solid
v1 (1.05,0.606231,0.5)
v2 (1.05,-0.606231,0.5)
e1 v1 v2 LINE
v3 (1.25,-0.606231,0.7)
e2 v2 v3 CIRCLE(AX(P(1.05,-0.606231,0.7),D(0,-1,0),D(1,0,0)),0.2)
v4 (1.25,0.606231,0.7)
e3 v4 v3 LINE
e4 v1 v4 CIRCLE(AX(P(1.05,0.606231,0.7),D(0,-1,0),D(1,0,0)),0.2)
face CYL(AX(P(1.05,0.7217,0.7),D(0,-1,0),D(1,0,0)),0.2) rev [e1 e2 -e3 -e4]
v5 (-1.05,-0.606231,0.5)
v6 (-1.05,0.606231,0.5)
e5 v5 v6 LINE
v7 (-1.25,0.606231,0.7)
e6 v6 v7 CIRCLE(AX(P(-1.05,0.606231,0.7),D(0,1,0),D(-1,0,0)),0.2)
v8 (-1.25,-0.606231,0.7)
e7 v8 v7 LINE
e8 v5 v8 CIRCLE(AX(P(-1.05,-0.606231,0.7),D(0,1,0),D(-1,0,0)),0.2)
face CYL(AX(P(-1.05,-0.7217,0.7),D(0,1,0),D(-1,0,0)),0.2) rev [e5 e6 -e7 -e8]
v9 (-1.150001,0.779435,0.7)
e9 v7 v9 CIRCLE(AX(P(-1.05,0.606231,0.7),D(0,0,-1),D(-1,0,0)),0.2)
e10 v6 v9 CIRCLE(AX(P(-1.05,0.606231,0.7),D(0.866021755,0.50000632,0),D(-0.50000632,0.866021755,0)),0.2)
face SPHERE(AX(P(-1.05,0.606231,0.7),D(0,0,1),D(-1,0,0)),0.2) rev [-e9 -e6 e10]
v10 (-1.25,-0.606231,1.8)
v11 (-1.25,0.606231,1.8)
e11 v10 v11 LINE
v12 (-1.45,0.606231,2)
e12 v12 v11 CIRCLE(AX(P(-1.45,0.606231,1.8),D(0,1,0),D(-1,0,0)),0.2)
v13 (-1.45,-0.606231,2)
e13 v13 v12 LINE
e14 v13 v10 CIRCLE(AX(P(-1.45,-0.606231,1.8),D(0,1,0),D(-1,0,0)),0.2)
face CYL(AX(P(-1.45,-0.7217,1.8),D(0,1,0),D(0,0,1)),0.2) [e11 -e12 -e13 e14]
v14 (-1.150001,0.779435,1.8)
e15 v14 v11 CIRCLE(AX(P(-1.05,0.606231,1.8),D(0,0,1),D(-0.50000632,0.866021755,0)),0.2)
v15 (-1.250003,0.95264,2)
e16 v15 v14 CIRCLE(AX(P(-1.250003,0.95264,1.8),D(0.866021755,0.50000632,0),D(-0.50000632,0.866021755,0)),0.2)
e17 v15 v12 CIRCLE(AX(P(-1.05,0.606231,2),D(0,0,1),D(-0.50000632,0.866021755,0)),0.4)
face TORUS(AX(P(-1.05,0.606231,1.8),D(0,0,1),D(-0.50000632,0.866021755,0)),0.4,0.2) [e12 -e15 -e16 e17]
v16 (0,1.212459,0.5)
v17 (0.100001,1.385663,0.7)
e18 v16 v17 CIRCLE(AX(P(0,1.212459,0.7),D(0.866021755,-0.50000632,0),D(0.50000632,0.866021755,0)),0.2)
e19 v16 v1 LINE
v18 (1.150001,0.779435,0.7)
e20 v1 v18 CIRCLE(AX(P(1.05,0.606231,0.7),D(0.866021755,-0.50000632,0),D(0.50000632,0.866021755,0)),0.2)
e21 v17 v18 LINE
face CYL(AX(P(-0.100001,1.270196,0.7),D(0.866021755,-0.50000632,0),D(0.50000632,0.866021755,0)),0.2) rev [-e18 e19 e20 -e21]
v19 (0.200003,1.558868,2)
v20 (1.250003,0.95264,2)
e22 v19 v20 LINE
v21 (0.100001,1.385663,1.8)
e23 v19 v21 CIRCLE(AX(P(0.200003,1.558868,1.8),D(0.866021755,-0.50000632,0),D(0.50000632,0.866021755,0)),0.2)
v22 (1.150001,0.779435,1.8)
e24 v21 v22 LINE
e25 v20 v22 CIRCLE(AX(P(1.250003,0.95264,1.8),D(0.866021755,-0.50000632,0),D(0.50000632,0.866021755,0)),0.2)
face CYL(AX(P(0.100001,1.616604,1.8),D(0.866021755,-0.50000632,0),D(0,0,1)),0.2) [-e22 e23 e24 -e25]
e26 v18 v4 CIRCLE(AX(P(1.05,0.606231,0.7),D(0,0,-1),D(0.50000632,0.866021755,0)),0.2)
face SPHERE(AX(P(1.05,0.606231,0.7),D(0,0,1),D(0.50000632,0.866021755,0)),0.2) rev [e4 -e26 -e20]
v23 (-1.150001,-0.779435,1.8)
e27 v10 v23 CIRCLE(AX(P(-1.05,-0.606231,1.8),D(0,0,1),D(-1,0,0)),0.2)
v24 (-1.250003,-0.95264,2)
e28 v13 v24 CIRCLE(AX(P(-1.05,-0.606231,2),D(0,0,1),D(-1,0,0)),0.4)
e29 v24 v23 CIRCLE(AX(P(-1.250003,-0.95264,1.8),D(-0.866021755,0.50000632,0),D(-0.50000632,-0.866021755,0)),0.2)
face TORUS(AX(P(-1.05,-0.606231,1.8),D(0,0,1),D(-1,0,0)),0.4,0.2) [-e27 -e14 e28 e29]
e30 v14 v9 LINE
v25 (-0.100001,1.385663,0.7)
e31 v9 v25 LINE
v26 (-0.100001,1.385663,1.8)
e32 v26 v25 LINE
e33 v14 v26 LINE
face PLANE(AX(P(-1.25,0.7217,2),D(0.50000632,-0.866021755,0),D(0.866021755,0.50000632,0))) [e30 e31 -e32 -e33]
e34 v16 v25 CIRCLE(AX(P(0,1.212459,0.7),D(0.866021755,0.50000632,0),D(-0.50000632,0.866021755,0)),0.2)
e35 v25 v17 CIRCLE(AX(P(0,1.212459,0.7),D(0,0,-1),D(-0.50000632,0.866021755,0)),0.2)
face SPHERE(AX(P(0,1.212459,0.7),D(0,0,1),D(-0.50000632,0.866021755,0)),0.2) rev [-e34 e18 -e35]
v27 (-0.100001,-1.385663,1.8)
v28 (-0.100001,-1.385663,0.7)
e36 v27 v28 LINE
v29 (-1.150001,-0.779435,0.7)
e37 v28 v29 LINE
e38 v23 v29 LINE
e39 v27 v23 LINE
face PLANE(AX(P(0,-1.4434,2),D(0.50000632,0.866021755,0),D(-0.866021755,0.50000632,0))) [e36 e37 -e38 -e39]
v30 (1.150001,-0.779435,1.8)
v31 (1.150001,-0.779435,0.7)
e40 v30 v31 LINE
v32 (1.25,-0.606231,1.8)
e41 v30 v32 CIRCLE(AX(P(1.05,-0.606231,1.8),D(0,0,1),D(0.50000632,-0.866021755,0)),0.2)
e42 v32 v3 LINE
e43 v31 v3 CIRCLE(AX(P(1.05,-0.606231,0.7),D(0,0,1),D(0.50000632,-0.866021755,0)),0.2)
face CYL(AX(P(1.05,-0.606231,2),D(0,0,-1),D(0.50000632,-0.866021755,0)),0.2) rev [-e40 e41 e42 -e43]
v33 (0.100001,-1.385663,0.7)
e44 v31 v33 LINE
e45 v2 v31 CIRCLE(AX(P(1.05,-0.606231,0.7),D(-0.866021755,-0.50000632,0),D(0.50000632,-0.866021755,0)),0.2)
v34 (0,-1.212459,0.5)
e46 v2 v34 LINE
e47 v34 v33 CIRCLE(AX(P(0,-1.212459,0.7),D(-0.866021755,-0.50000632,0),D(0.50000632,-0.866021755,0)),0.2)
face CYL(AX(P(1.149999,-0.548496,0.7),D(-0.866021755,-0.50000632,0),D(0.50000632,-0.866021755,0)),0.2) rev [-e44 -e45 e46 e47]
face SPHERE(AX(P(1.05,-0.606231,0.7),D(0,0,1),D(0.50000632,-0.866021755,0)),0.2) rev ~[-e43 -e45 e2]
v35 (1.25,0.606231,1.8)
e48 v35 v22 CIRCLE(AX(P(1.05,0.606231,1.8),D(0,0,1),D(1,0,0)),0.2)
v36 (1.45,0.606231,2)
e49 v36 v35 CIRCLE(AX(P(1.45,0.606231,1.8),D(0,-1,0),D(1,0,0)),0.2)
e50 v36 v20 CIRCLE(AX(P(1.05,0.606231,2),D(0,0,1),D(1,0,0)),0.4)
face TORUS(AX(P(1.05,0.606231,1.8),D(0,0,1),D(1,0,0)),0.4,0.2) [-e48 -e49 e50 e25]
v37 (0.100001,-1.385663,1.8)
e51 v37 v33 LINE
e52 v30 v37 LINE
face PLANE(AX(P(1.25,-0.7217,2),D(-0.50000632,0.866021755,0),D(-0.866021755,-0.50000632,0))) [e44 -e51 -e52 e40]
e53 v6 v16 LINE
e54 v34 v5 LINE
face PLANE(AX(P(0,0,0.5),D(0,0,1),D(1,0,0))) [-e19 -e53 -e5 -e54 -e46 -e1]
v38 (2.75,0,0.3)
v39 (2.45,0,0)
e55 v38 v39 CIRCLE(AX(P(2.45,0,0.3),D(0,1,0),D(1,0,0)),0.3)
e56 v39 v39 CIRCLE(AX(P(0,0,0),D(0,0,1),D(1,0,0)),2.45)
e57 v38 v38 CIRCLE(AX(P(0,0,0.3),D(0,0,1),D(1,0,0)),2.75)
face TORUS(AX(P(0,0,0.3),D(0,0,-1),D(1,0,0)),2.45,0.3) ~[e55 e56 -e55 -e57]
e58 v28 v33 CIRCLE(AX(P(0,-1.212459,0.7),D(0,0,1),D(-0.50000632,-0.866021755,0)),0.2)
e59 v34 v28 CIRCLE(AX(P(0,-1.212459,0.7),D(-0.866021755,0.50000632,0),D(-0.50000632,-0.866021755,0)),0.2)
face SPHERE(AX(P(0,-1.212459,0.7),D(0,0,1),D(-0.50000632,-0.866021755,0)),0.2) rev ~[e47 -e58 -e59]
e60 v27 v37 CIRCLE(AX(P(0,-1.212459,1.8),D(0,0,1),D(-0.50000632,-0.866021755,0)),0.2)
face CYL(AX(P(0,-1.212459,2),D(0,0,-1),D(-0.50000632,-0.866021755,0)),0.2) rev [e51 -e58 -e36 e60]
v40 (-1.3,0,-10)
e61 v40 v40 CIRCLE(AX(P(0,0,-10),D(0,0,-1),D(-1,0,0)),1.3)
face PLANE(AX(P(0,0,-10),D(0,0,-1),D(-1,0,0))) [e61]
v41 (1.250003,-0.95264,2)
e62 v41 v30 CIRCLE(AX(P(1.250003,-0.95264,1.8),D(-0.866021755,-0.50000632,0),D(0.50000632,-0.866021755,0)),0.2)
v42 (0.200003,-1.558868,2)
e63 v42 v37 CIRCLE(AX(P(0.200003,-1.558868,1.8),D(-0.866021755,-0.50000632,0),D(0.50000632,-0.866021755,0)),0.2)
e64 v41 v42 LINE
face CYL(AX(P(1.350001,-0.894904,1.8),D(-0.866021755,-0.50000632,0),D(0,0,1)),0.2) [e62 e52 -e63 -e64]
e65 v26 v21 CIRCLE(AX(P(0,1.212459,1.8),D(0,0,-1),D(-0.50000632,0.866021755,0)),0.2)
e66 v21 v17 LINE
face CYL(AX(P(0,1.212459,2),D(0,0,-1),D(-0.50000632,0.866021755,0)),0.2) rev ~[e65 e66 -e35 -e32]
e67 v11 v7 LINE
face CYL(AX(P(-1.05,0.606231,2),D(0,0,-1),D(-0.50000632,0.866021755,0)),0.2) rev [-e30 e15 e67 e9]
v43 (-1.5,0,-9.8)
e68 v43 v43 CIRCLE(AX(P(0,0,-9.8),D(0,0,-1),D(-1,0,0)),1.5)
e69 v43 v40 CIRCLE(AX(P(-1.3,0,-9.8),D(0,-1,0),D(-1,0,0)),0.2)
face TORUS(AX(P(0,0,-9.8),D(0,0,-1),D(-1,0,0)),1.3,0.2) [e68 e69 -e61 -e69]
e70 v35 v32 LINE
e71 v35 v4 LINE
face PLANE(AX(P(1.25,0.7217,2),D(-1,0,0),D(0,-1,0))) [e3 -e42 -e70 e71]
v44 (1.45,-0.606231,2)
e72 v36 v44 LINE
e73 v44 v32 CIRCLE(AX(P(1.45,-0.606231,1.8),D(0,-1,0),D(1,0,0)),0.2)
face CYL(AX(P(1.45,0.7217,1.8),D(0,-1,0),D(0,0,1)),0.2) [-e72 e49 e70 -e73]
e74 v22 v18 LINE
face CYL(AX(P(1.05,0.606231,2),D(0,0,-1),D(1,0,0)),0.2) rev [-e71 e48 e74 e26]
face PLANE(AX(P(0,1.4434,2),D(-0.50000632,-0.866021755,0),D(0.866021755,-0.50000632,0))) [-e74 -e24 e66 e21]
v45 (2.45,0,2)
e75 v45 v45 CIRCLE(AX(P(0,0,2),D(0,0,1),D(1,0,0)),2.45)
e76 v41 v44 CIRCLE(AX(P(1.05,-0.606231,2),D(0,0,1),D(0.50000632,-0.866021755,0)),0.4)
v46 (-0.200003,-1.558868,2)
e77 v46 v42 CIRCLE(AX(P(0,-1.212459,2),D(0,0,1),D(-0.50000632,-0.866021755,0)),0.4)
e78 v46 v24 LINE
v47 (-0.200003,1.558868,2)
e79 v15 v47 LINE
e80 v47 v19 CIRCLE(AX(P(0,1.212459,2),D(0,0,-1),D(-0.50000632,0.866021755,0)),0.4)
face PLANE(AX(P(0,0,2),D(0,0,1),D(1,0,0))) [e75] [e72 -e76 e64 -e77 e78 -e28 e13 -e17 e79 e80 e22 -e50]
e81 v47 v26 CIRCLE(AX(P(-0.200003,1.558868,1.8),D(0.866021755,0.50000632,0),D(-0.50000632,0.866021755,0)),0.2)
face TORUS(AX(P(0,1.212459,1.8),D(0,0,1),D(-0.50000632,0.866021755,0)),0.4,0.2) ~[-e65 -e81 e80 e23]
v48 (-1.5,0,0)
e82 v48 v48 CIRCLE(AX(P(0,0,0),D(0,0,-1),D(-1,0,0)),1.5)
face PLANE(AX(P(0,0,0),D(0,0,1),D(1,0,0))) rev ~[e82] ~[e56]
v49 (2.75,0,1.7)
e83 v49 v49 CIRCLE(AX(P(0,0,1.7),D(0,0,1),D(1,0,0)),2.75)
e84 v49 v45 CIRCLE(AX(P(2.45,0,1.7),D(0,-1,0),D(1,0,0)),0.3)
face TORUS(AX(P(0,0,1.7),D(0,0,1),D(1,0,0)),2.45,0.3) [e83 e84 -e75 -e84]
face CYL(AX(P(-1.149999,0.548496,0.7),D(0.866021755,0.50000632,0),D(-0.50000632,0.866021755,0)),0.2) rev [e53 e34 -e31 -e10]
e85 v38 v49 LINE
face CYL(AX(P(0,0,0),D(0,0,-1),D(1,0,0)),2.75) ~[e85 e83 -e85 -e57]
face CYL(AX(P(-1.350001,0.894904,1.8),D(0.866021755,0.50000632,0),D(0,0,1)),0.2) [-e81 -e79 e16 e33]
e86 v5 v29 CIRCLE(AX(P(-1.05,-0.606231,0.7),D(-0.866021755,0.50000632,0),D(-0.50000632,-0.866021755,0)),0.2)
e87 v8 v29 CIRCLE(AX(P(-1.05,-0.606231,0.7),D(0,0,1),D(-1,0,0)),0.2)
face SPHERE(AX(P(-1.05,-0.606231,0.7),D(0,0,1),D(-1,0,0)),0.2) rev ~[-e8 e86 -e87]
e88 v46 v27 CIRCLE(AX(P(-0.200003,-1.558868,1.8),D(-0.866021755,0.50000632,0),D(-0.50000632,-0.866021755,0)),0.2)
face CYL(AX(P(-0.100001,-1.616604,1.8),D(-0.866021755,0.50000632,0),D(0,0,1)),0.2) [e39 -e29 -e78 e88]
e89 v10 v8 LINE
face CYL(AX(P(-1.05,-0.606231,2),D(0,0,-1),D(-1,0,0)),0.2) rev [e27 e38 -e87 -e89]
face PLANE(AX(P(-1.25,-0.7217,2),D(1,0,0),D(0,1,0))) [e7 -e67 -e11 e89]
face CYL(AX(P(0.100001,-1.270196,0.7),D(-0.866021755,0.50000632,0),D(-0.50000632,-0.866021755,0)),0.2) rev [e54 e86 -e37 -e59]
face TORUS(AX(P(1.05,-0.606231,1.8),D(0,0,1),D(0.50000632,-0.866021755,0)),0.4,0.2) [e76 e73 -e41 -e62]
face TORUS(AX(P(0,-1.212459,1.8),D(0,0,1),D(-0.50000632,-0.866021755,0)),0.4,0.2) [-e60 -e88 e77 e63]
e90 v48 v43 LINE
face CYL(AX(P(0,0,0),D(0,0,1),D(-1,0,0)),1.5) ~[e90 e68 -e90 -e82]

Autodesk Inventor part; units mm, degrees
ref_plane "YZ Plane" through (0, 0, 0) normal (1, 0, 0) x (0, 1, 0)
ref_plane "XZ Plane" through (0, 0, 0) normal (0, 1, 0) x (-1, 0, 0)
ref_plane "XY Plane" through (0, 0, 0) normal (0, 0, 1) x (1, 0, 0)
sketch "スケッチ1" plane through (0, 0, 0) normal (0, 0, 1) x (1, 0, 0)
  circle A0 centre (0, 0) radius 2.75
  dimension "d0" = 5.5
extrude "押し出し1" add sketch "スケッチ1" along normal blind 2
sketch "スケッチ2" plane through (0, 0, 0) normal (0, 0, -1) x (-1, 0, 0)
  circle A0 centre (0, 0) radius 2.75 projected
  circle A1 centre (0, 0) radius 1.5
  dimension "d3" = 3
extrude "押し出し2" add sketch "スケッチ2" along normal blind 10 contours A1
sketch "スケッチ3" plane through (0, 0, 2) normal (0, 0, 1) x (1, 0, 0)
  circle A0 centre (0, 0) radius 2.75 projected
  line L0 (0, 1.4434) -> (1.25, 0.7217)
  line L1 (1.25, 0.7217) -> (1.25, -0.7217)
  line L2 (1.25, -0.7217) -> (0, -1.4434)
  line L3 (0, -1.4434) -> (-1.25, -0.7217)
  line L4 (-1.25, -0.7217) -> (-1.25, 0.7217)
  line L5 (-1.25, 0.7217) -> (0, 1.4434)
  dimension "d6" = 1.25
extrude "押し出し3" cut sketch "スケッチ3" against normal blind 1.5 contours L0 L1 L2 L3 L4 L5
fillet "フィレット1" radius 0.3 2 edges at (-2.75, 0, 2) (-2.75, 0, 0)
fillet "フィレット2" radius 0.2 19 edges at (-0.625, 1.0825, 2) (-1.25, 0, 2) (-0.625, -1.0825, 2) (0.625, -1.0825, 2) (1.25, 0, 2) (0.625, 1.0825, 2) (-0.625, 1.0825, 0.5) (0.625, 1.0825, 0.5) (0, 1.4434, 1.25) (-1.25, 0.7217, 1.25) (-0.625, -1.0825, 0.5) (-1.25, -0.7217, 1.25) (-1.25, 0, 0.5) (1.25, 0, 0.5) (1.25, 0.7217, 1.25) (1.25, -0.7217, 1.25) (0.625, -1.0825, 0.5) (0, -1.4434, 1.25) (1.5, 0, -10)
thread "ねじ2" size "M3x0.5" class "6g" standard "ANSI Metric M Profile" full length
